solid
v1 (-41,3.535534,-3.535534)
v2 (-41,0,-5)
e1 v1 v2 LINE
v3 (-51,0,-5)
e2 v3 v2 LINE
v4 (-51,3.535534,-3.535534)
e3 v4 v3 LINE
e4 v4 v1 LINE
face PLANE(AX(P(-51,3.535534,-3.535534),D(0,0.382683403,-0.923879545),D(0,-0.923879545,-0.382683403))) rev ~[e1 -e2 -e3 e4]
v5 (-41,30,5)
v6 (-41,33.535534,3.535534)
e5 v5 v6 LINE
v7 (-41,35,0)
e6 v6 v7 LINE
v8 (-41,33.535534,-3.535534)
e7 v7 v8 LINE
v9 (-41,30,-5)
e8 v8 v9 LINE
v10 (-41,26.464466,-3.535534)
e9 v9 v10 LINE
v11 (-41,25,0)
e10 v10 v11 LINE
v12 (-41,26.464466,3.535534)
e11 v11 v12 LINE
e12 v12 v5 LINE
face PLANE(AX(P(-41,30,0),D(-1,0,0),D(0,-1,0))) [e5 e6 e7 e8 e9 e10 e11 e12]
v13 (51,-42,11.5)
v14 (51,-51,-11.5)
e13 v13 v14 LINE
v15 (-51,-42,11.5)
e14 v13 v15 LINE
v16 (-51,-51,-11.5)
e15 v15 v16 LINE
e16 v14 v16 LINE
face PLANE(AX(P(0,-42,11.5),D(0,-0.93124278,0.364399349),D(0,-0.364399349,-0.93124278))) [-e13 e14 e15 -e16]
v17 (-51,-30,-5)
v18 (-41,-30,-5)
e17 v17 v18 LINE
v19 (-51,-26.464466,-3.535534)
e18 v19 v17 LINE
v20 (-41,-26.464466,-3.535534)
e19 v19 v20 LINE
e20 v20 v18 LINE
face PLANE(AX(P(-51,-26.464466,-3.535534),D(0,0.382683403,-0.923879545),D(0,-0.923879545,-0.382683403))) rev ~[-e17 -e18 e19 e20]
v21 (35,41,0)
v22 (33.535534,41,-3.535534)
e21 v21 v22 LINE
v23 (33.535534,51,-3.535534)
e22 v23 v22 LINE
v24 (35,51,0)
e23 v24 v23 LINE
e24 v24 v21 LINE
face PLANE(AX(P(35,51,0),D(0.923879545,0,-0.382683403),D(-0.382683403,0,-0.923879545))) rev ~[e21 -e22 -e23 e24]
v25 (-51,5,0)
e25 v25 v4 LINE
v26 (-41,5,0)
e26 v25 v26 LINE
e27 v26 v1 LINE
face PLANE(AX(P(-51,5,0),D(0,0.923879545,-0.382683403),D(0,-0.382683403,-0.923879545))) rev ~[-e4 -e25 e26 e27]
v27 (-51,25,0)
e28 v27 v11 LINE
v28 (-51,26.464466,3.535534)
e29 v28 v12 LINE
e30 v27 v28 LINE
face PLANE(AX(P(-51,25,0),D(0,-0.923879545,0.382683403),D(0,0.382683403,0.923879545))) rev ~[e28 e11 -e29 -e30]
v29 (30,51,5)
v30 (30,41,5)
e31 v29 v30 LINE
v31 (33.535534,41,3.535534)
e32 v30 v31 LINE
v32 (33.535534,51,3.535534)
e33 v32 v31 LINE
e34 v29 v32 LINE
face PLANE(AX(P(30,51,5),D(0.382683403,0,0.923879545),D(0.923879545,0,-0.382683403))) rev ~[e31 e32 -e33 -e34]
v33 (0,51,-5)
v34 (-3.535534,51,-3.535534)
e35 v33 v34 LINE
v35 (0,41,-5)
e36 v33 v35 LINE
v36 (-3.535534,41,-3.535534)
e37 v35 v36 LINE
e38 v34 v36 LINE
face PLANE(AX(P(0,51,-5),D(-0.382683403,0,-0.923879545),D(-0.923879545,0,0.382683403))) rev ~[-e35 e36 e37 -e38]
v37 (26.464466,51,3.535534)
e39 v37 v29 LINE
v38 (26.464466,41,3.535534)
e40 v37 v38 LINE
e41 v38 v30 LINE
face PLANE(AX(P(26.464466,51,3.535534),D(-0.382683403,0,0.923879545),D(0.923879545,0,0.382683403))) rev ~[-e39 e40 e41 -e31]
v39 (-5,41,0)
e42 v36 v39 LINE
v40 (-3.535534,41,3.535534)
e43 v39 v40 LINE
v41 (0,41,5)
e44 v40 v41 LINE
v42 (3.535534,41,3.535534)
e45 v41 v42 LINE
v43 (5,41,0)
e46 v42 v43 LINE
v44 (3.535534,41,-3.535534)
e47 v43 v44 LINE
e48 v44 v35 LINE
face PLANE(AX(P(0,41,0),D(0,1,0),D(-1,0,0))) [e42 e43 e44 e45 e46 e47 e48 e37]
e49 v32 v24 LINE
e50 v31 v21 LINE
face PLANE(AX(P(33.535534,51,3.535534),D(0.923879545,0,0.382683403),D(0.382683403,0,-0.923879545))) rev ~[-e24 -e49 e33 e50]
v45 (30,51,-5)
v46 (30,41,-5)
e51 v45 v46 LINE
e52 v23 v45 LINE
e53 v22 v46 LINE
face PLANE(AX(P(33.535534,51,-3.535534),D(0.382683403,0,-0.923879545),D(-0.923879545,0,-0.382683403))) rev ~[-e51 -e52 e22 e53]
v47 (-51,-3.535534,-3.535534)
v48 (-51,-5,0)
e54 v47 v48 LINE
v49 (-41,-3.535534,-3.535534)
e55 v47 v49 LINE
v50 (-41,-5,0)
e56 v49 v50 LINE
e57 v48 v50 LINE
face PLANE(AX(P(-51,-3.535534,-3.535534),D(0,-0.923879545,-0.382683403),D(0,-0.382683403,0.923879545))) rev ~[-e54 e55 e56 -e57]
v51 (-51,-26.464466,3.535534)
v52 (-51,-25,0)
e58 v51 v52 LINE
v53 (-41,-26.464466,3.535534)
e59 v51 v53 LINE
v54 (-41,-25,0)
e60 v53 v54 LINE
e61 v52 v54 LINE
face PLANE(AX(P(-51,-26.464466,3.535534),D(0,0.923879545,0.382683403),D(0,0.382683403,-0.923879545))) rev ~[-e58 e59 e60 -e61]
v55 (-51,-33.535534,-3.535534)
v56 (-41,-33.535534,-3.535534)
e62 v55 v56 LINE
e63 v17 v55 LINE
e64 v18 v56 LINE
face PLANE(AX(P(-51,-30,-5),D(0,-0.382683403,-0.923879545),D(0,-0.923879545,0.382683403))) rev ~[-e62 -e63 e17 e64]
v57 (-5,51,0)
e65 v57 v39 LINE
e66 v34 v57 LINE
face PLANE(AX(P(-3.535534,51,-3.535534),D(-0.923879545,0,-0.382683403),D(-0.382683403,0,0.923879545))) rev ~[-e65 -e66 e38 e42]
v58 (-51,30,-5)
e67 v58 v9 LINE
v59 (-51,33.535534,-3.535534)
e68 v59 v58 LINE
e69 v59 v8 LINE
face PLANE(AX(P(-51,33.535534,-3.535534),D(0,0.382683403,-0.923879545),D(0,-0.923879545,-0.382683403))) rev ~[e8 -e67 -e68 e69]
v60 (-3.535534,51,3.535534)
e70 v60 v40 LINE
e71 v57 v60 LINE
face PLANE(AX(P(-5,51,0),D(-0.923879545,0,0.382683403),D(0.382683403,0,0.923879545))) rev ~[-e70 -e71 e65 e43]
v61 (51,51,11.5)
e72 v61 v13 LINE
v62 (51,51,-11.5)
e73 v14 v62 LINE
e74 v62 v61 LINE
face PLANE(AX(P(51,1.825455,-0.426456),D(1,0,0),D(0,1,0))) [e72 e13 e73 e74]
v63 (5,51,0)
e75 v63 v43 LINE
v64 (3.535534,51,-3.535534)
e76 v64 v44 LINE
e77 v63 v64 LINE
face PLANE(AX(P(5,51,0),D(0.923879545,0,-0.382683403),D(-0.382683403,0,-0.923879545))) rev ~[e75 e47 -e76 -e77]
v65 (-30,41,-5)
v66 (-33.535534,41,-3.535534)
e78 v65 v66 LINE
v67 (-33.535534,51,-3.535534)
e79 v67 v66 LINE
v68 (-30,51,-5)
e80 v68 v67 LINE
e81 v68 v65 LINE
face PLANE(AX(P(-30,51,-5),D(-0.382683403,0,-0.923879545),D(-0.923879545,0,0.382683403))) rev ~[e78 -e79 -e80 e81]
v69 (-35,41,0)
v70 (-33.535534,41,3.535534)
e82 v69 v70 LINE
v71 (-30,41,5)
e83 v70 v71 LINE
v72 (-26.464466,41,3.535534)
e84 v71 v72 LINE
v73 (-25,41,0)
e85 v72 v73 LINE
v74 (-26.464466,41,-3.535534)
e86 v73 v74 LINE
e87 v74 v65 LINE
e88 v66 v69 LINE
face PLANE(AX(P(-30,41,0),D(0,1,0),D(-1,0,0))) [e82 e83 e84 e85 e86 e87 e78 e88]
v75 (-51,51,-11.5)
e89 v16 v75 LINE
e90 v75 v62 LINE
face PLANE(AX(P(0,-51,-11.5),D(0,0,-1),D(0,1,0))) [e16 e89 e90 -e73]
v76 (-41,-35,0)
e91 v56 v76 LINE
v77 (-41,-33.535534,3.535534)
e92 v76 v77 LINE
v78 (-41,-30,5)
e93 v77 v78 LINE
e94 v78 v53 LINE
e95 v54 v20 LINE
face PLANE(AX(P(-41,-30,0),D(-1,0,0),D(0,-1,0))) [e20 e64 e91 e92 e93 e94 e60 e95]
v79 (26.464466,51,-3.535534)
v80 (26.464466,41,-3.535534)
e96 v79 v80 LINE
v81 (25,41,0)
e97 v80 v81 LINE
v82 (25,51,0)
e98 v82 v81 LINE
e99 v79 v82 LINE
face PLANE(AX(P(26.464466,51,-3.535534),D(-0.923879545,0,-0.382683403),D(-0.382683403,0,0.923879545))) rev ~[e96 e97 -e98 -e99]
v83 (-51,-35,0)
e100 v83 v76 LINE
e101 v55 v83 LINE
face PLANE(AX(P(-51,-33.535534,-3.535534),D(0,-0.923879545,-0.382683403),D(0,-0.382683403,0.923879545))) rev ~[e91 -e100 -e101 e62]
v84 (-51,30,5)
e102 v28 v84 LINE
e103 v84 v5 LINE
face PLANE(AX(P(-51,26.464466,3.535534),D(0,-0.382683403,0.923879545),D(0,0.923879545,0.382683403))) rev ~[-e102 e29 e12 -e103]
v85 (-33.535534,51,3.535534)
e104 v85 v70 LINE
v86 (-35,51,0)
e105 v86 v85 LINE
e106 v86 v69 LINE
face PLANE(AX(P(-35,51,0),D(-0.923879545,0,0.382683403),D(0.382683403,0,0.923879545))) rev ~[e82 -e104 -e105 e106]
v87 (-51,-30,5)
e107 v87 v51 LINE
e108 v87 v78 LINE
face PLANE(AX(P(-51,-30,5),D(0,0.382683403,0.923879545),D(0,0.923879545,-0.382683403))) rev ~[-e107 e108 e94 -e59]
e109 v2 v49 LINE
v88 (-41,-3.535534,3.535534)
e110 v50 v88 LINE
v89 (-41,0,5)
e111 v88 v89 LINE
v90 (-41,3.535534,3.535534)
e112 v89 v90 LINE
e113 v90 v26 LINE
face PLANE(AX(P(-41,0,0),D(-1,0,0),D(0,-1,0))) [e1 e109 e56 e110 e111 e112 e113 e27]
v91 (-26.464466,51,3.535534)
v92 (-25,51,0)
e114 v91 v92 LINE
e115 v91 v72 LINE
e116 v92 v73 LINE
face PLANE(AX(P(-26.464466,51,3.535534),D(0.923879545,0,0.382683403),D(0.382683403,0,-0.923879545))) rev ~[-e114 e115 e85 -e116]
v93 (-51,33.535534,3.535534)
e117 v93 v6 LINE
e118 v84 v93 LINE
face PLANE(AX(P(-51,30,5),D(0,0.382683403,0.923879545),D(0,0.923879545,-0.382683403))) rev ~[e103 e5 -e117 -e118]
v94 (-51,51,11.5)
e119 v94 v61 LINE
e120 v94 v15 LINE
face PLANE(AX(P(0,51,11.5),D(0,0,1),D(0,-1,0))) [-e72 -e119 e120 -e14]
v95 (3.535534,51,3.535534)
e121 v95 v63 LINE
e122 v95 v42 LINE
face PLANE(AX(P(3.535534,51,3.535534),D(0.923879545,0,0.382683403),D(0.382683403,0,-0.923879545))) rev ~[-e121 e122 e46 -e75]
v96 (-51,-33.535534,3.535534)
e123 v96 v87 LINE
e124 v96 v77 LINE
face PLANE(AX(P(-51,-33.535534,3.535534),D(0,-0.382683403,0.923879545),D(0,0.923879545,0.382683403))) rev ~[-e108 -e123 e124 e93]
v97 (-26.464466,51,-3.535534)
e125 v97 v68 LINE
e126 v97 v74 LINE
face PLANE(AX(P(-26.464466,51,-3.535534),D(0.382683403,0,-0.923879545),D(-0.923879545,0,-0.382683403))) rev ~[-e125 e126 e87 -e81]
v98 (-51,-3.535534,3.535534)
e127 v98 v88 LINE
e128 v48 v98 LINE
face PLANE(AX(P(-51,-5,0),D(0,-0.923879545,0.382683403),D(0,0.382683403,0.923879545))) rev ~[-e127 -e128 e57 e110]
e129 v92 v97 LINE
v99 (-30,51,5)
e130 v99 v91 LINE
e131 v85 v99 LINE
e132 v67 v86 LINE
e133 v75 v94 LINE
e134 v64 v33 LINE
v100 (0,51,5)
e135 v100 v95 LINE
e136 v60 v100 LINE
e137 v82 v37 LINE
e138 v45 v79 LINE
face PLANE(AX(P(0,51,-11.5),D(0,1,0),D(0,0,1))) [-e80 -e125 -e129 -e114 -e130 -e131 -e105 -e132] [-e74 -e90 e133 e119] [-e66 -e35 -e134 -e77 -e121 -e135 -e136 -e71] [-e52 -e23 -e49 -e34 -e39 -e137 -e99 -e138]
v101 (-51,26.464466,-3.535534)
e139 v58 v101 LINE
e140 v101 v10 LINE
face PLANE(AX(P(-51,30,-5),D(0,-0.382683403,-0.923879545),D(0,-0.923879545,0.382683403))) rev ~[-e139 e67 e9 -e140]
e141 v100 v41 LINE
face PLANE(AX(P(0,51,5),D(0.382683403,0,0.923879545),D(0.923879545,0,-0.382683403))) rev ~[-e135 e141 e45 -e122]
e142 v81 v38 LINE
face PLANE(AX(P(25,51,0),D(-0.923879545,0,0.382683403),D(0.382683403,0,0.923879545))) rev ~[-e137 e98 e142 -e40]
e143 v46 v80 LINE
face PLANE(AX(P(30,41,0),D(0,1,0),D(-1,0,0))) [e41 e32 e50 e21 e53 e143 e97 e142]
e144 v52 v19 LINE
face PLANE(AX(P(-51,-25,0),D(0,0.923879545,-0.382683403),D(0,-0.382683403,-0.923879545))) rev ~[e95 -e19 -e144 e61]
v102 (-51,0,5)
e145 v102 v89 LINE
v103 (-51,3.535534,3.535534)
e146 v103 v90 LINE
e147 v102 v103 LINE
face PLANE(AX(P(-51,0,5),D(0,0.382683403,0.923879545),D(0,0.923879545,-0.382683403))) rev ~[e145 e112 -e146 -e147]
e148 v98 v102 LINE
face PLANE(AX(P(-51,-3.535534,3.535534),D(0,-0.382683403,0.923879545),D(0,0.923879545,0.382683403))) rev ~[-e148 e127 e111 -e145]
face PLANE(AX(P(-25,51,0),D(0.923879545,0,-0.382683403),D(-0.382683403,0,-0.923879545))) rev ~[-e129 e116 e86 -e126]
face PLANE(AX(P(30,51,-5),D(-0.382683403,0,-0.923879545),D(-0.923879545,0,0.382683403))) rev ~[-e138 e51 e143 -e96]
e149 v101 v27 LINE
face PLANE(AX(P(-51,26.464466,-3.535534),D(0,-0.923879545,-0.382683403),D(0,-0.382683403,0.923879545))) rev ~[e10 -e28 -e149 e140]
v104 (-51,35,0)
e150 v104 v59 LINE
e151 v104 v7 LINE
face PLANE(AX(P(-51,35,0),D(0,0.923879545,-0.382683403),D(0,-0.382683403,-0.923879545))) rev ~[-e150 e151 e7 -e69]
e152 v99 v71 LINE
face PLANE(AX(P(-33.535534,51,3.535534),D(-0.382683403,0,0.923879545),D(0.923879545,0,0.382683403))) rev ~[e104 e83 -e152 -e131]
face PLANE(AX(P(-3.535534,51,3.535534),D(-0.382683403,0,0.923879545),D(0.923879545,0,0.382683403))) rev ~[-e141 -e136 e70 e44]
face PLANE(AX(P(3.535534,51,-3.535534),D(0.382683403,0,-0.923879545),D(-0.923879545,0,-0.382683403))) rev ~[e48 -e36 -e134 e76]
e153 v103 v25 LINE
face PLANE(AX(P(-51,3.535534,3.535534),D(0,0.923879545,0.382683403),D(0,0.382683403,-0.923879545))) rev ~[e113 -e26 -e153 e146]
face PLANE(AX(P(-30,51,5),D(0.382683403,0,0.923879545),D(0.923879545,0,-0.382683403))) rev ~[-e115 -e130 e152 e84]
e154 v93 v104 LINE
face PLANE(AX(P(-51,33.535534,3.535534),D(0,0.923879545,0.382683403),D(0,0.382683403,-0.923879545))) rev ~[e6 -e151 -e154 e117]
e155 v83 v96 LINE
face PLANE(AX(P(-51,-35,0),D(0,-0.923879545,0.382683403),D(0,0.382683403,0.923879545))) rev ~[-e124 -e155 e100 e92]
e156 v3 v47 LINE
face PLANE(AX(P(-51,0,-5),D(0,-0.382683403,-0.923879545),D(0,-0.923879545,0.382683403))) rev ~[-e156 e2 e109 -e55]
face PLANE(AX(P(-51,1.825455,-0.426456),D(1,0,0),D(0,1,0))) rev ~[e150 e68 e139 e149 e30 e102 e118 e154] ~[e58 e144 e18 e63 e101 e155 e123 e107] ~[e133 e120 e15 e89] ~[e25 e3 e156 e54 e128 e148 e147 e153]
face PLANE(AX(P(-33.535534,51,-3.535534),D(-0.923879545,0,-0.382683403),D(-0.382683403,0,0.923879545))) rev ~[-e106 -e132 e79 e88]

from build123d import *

# Parameters (mm, degrees)
F1_DEPTH = 51
F3_DEPTH = 10
F5_DEPTH = 10


with BuildPart() as f1:
    # F0 (on Right) → F1 (new body, symmetric)
    with BuildSketch(Plane.YZ):
        Polygon((-51, -11.5), (51, -11.5), (51, 11.5), (-42, 11.5), align=None)
    extrude(amount=F1_DEPTH, both=True)

    # F2 (on face) → F3 (cut)
    with BuildSketch(Plane(origin=(0, 51, 0), x_dir=(-1, 0, 0), z_dir=(0, 1, 0))):
        Polygon((-3.535534, -3.535534), (0, -5), (3.535534, -3.535534), (5, 0), (3.535534, 3.535534), (0, 5), (-3.535534, 3.535534), (-5, 0), align=None)
        Polygon((33.535534, 3.535534), (30, 5), (26.464466, 3.535534), (25, 0), (26.464466, -3.535534), (30, -5), (33.535534, -3.535534), (35, 0), align=None)
        Polygon((-25, 0), (-26.464466, 3.535534), (-30, 5), (-33.535534, 3.535534), (-35, 0), (-33.535534, -3.535534), (-30, -5), (-26.464466, -3.535534), align=None)
    extrude(amount=-F3_DEPTH, mode=Mode.SUBTRACT)

    # F4 (on face) → F5 (cut)
    with BuildSketch(Plane(origin=(-51, 0, 0), x_dir=(0, -1, 0), z_dir=(-1, 0, 0))):
        Polygon((-3.535534, -3.535534), (0, -5), (3.535534, -3.535534), (5, 0), (3.535534, 3.535534), (0, 5), (-3.535534, 3.535534), (-5, 0), align=None)
        Polygon((33.535534, 3.535534), (30, 5), (26.464466, 3.535534), (25, 0), (26.464466, -3.535534), (30, -5), (33.535534, -3.535534), (35, 0), align=None)
        Polygon((-25, 0), (-26.464466, 3.535534), (-30, 5), (-33.535534, 3.535534), (-35, 0), (-33.535534, -3.535534), (-30, -5), (-26.464466, -3.535534), align=None)
    extrude(amount=-F5_DEPTH, mode=Mode.SUBTRACT)


solid = f1.part
